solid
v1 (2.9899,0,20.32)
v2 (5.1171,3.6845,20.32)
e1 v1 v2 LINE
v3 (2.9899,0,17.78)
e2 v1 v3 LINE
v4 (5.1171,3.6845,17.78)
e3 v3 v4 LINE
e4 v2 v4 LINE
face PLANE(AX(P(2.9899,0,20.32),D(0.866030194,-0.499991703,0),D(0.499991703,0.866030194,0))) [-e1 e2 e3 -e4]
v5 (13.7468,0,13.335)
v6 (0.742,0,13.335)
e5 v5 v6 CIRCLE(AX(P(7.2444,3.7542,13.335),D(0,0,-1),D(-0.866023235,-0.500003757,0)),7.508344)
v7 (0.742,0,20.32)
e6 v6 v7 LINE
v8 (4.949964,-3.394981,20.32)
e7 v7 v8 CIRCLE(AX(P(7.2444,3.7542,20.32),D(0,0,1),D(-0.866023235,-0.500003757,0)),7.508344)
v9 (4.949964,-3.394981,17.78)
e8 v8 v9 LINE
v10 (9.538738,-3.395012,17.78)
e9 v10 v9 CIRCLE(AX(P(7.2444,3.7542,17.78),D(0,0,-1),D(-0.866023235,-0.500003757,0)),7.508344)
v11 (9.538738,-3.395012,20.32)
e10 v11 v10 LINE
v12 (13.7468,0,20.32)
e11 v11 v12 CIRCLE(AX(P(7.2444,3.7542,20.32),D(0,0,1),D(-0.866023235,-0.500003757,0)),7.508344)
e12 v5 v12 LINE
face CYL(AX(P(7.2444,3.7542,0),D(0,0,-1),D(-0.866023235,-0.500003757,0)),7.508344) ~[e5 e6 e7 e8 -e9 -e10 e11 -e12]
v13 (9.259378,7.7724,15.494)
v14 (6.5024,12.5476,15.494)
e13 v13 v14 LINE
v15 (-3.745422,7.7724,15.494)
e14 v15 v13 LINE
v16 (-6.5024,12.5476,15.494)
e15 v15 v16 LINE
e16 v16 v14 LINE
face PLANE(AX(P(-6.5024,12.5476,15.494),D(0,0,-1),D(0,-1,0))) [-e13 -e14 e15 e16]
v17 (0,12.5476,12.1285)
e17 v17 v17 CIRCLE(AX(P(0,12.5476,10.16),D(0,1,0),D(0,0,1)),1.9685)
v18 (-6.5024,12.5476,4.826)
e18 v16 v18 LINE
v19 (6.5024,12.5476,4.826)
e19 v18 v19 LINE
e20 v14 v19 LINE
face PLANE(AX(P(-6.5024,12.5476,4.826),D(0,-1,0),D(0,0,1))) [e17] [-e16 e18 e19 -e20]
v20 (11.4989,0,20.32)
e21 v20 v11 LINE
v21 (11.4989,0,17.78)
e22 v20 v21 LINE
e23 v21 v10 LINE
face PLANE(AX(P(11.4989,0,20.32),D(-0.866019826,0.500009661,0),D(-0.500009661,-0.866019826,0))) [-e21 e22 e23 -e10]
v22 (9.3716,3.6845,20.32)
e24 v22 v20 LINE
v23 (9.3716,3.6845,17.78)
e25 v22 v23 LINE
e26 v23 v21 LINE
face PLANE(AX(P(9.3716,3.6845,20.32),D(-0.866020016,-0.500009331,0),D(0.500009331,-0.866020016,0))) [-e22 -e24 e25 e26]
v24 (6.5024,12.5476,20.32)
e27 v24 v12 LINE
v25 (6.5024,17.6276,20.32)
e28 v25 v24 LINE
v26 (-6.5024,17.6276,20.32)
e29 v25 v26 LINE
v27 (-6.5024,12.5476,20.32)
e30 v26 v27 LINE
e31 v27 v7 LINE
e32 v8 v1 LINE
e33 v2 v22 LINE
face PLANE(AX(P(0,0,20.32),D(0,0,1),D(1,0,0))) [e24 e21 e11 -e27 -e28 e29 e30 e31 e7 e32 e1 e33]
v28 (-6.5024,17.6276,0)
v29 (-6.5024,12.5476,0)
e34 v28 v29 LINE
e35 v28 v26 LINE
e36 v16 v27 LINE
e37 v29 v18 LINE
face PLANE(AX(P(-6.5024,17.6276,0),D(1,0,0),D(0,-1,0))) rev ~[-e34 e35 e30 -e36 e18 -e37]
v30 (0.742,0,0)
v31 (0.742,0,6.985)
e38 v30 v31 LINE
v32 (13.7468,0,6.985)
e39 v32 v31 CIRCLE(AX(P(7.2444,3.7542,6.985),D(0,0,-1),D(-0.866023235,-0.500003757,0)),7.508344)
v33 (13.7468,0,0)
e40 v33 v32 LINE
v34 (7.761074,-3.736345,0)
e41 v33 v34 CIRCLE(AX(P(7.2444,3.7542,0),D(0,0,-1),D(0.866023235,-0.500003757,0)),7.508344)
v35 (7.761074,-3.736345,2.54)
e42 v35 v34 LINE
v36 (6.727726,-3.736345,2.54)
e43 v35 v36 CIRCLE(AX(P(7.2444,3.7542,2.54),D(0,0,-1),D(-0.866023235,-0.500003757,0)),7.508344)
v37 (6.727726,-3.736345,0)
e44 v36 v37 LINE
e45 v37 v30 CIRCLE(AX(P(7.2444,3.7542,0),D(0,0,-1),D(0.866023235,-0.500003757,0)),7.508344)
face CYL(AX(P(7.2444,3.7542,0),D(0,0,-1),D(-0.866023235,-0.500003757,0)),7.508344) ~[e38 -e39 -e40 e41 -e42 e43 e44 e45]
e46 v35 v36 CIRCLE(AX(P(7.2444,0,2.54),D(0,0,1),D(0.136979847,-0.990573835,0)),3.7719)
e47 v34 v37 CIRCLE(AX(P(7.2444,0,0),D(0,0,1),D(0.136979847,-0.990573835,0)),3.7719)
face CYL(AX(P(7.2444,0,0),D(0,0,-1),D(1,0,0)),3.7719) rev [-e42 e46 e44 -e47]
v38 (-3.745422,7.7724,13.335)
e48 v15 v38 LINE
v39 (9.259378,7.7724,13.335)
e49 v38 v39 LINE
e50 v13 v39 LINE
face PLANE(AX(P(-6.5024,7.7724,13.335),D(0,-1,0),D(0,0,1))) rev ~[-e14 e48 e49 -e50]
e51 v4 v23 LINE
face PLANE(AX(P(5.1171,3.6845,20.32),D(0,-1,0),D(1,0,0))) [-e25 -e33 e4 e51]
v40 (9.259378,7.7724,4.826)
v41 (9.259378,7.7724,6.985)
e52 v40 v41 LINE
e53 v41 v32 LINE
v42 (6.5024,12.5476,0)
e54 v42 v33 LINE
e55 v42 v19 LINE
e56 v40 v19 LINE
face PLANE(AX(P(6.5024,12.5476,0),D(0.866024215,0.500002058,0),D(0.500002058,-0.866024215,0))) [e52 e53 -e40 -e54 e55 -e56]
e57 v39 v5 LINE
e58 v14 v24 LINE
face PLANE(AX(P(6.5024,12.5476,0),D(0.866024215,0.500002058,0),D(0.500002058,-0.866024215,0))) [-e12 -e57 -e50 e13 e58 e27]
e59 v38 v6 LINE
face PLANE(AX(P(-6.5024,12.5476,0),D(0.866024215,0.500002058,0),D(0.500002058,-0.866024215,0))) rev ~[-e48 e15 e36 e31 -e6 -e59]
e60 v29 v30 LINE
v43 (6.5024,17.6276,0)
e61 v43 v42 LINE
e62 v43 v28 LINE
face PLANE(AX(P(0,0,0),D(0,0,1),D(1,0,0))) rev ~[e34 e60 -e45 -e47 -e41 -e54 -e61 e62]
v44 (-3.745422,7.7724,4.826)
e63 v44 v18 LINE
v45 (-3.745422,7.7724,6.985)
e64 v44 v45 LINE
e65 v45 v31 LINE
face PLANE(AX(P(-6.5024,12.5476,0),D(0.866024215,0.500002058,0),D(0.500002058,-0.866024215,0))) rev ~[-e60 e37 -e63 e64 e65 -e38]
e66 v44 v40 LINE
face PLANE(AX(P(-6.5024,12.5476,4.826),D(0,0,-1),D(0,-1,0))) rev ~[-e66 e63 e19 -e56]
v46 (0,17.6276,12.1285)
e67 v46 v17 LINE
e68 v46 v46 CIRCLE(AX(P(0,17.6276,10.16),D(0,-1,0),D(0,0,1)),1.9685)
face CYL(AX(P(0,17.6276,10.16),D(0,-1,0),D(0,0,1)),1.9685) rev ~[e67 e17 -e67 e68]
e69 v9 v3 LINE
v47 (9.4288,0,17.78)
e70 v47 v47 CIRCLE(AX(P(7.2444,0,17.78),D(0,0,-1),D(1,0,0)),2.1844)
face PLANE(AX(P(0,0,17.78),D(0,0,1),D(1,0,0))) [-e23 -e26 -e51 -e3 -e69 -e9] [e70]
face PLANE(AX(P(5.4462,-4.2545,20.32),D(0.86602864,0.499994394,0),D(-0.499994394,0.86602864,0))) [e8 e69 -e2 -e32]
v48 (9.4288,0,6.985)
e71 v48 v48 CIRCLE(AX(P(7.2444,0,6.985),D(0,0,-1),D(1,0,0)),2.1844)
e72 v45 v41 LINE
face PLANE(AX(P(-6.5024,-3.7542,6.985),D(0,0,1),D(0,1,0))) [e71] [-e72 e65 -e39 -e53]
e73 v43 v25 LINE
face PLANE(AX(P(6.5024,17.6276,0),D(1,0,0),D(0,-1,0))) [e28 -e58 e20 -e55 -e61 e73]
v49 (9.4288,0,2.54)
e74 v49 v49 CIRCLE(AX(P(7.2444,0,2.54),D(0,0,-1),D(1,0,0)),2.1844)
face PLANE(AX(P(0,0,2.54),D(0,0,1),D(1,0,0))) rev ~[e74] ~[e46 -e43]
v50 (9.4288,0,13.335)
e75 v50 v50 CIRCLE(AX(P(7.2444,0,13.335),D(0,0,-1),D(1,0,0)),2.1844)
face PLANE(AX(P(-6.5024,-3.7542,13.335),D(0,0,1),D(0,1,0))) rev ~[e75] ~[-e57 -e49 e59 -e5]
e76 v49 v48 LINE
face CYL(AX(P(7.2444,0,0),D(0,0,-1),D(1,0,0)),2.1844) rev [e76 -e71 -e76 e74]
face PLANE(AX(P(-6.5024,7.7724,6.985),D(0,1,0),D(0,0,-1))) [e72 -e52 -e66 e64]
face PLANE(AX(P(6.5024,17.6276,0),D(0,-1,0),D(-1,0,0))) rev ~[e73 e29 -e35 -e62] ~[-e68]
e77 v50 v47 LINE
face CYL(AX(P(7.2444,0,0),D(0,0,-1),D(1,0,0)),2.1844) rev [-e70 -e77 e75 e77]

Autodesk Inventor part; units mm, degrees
ref_plane "YZ Plane" through (0, 0, 0) normal (1, 0, 0) x (0, 1, 0)
ref_plane "XZ Plane" through (0, 0, 0) normal (0, 1, 0) x (-1, 0, 0)
ref_plane "XY Plane" through (0, 0, 0) normal (0, 0, 1) x (1, 0, 0)
sketch "Sketch1" plane through (0, 0, 0) normal (0, 0, 1) x (1, 0, 0)
  line L0 (6.5024, 17.6276) -> (-6.5024, 17.6276)
  line L1 (-6.5024, 12.5476) -> (6.5024, 12.5476) construction
  line L2 (6.5024, 12.5476) -> (13.7468, 0)
  line L3 (6.5024, 12.5476) -> (20.9911, 12.5476) construction
  line L4 (-6.5024, 12.5476) -> (0.742, 0)
  line L5 (-6.5024, 12.5476) -> (7.9863, 12.5476) construction
  line L6 (0, 12.5476) -> (7.2444, 0) construction
  line L7 (0, 12.5476) -> (14.4887, 12.5476) construction
  circle A0 centre (7.2444, 0) radius 2.1844
  circle A1 centre (7.2444, 0) radius 3.7719
  circle A2 centre (7.2444, 0) radius 6.5024 construction
  arc A3 (0.742, 0) -> (13.7468, 0) centre (7.2444, 3.7542) ccw
  line L8 (-6.5024, 17.6276) -> (-6.5024, 12.5476)
  line L9 (6.5024, 17.6276) -> (6.5024, 12.5476)
  point P0 (0, 0)
  dimension "d11" = 17.6276
  dimension "d37" = 5.08
  dimension "d38" = 60
  dimension "d39" = 60
  dimension "d40" = 60
  dimension "d41" = 4.3688
  dimension "d42" = 7.5438
  dimension "d43" = 13.0048
extrude "Extrusion1" add sketch "Sketch1" along normal blind 20.32 contours L9 L2 A3 A1 L4 L8 L0 | A3 A1 | A0 picked at (10.4509, 0.2998)
sketch "Sketch3" plane through (-6.5024, 17.6276, 0) normal (0, 1, 0) x (1, 0, 0)
  line L0 (6.6548, -14.4145) -> (6.6548, -20.32) construction
  line L1 (13.0048, 0) -> (0, 0) construction
  line L2 (6.5024, 0) -> (6.5024, -20.32) construction
  line L3 (13.0048, -20.32) -> (0, -20.32) construction
  line L4 (13.0048, 0) -> (13.0048, -20.32) construction
  line L5 (13.0048, -10.16) -> (0, -10.16) construction
  line L6 (0, 0) -> (0, -20.32) construction
  circle A0 centre (6.5024, -10.16) radius 1.9685 construction
  point P0 (6.5024, 0)
  dimension "d21" = 6.5024
  dimension "d22" = 10.16
  dimension "d23" = 3.937
hole "Hole1" at (0, 17.6276, 10.16) direction (0, -1, 0) diameter 3.937 end through all
sketch "Sketch7" plane through (-6.5024, 12.5476, 0) normal (-1, 0, 0) x (0, 0, 1)
  line L0 (0, 5.08) -> (20.32, 5.08) construction
  line L1 (10.16, 5.08) -> (10.16, -16.3018) construction
  line L2 (0, -16.3018) -> (20.32, -16.3018) construction
  line L3 (0, 0) -> (20.32, 0) projected
  line L4 (10.16, 0) -> (15.494, 0)
  line L5 (10.16, 0) -> (4.826, 0)
  line L6 (4.826, 0) -> (4.826, -4.7752)
  line L7 (15.494, 0) -> (15.494, -4.7752)
  line L8 (10.16, -16.3018) -> (6.985, -16.3018)
  line L9 (10.16, -16.3018) -> (13.335, -16.3018)
  line L10 (6.985, -16.3018) -> (6.985, -4.7752)
  line L11 (6.985, -4.7752) -> (4.826, -4.7752)
  line L12 (13.335, -16.3018) -> (13.335, -4.7752)
  line L13 (13.335, -4.7752) -> (15.494, -4.7752)
  point P0 (0, -12.5476)
  dimension "d47" = 5.334
  dimension "d48" = 5.334
  dimension "d49" = 4.7752
  dimension "d50" = 4.7752
  dimension "d51" = 3.175
  dimension "d52" = 3.175
extrude "Extrusion5" cut sketch "Sketch7" against normal through all
extrude "Extrusion6" cut sketch "Sketch1" along normal blind 2.54 contours A3 A1 | A1 A3 | A0
extrude "Extrusion7" cut sketch "Sketch1" along normal through all contours A0
sketch "Sketch8" plane through (0, 0, 20.32) normal (0, 0, 1) x (1, 0, 0)
  circle A0 centre (7.2444, 0) radius 2.1844 construction
  circle A1 centre (7.2444, 0) radius 4.2545 construction
  line L0 (11.4989, 0) -> (9.0425, -4.2545)
  line L1 (5.4462, -4.2545) -> (2.9899, 0)
  line L2 (2.9899, 0) -> (5.1171, 3.6845)
  line L3 (5.1171, 3.6845) -> (9.3716, 3.6845)
  line L4 (9.3716, 3.6845) -> (11.4989, 0)
  line L5 (5.4462, -4.2545) -> (9.0425, -4.2545)
  point P0 (0, 0)
  point P1 (9.3716, -3.6845)
  point P2 (5.1171, -3.6845)
  dimension "d59" = 8.509
extrude "Extrusion8" cut sketch "Sketch8" against normal blind 2.54
properties part number "omni wheel wheel holder tilted"
